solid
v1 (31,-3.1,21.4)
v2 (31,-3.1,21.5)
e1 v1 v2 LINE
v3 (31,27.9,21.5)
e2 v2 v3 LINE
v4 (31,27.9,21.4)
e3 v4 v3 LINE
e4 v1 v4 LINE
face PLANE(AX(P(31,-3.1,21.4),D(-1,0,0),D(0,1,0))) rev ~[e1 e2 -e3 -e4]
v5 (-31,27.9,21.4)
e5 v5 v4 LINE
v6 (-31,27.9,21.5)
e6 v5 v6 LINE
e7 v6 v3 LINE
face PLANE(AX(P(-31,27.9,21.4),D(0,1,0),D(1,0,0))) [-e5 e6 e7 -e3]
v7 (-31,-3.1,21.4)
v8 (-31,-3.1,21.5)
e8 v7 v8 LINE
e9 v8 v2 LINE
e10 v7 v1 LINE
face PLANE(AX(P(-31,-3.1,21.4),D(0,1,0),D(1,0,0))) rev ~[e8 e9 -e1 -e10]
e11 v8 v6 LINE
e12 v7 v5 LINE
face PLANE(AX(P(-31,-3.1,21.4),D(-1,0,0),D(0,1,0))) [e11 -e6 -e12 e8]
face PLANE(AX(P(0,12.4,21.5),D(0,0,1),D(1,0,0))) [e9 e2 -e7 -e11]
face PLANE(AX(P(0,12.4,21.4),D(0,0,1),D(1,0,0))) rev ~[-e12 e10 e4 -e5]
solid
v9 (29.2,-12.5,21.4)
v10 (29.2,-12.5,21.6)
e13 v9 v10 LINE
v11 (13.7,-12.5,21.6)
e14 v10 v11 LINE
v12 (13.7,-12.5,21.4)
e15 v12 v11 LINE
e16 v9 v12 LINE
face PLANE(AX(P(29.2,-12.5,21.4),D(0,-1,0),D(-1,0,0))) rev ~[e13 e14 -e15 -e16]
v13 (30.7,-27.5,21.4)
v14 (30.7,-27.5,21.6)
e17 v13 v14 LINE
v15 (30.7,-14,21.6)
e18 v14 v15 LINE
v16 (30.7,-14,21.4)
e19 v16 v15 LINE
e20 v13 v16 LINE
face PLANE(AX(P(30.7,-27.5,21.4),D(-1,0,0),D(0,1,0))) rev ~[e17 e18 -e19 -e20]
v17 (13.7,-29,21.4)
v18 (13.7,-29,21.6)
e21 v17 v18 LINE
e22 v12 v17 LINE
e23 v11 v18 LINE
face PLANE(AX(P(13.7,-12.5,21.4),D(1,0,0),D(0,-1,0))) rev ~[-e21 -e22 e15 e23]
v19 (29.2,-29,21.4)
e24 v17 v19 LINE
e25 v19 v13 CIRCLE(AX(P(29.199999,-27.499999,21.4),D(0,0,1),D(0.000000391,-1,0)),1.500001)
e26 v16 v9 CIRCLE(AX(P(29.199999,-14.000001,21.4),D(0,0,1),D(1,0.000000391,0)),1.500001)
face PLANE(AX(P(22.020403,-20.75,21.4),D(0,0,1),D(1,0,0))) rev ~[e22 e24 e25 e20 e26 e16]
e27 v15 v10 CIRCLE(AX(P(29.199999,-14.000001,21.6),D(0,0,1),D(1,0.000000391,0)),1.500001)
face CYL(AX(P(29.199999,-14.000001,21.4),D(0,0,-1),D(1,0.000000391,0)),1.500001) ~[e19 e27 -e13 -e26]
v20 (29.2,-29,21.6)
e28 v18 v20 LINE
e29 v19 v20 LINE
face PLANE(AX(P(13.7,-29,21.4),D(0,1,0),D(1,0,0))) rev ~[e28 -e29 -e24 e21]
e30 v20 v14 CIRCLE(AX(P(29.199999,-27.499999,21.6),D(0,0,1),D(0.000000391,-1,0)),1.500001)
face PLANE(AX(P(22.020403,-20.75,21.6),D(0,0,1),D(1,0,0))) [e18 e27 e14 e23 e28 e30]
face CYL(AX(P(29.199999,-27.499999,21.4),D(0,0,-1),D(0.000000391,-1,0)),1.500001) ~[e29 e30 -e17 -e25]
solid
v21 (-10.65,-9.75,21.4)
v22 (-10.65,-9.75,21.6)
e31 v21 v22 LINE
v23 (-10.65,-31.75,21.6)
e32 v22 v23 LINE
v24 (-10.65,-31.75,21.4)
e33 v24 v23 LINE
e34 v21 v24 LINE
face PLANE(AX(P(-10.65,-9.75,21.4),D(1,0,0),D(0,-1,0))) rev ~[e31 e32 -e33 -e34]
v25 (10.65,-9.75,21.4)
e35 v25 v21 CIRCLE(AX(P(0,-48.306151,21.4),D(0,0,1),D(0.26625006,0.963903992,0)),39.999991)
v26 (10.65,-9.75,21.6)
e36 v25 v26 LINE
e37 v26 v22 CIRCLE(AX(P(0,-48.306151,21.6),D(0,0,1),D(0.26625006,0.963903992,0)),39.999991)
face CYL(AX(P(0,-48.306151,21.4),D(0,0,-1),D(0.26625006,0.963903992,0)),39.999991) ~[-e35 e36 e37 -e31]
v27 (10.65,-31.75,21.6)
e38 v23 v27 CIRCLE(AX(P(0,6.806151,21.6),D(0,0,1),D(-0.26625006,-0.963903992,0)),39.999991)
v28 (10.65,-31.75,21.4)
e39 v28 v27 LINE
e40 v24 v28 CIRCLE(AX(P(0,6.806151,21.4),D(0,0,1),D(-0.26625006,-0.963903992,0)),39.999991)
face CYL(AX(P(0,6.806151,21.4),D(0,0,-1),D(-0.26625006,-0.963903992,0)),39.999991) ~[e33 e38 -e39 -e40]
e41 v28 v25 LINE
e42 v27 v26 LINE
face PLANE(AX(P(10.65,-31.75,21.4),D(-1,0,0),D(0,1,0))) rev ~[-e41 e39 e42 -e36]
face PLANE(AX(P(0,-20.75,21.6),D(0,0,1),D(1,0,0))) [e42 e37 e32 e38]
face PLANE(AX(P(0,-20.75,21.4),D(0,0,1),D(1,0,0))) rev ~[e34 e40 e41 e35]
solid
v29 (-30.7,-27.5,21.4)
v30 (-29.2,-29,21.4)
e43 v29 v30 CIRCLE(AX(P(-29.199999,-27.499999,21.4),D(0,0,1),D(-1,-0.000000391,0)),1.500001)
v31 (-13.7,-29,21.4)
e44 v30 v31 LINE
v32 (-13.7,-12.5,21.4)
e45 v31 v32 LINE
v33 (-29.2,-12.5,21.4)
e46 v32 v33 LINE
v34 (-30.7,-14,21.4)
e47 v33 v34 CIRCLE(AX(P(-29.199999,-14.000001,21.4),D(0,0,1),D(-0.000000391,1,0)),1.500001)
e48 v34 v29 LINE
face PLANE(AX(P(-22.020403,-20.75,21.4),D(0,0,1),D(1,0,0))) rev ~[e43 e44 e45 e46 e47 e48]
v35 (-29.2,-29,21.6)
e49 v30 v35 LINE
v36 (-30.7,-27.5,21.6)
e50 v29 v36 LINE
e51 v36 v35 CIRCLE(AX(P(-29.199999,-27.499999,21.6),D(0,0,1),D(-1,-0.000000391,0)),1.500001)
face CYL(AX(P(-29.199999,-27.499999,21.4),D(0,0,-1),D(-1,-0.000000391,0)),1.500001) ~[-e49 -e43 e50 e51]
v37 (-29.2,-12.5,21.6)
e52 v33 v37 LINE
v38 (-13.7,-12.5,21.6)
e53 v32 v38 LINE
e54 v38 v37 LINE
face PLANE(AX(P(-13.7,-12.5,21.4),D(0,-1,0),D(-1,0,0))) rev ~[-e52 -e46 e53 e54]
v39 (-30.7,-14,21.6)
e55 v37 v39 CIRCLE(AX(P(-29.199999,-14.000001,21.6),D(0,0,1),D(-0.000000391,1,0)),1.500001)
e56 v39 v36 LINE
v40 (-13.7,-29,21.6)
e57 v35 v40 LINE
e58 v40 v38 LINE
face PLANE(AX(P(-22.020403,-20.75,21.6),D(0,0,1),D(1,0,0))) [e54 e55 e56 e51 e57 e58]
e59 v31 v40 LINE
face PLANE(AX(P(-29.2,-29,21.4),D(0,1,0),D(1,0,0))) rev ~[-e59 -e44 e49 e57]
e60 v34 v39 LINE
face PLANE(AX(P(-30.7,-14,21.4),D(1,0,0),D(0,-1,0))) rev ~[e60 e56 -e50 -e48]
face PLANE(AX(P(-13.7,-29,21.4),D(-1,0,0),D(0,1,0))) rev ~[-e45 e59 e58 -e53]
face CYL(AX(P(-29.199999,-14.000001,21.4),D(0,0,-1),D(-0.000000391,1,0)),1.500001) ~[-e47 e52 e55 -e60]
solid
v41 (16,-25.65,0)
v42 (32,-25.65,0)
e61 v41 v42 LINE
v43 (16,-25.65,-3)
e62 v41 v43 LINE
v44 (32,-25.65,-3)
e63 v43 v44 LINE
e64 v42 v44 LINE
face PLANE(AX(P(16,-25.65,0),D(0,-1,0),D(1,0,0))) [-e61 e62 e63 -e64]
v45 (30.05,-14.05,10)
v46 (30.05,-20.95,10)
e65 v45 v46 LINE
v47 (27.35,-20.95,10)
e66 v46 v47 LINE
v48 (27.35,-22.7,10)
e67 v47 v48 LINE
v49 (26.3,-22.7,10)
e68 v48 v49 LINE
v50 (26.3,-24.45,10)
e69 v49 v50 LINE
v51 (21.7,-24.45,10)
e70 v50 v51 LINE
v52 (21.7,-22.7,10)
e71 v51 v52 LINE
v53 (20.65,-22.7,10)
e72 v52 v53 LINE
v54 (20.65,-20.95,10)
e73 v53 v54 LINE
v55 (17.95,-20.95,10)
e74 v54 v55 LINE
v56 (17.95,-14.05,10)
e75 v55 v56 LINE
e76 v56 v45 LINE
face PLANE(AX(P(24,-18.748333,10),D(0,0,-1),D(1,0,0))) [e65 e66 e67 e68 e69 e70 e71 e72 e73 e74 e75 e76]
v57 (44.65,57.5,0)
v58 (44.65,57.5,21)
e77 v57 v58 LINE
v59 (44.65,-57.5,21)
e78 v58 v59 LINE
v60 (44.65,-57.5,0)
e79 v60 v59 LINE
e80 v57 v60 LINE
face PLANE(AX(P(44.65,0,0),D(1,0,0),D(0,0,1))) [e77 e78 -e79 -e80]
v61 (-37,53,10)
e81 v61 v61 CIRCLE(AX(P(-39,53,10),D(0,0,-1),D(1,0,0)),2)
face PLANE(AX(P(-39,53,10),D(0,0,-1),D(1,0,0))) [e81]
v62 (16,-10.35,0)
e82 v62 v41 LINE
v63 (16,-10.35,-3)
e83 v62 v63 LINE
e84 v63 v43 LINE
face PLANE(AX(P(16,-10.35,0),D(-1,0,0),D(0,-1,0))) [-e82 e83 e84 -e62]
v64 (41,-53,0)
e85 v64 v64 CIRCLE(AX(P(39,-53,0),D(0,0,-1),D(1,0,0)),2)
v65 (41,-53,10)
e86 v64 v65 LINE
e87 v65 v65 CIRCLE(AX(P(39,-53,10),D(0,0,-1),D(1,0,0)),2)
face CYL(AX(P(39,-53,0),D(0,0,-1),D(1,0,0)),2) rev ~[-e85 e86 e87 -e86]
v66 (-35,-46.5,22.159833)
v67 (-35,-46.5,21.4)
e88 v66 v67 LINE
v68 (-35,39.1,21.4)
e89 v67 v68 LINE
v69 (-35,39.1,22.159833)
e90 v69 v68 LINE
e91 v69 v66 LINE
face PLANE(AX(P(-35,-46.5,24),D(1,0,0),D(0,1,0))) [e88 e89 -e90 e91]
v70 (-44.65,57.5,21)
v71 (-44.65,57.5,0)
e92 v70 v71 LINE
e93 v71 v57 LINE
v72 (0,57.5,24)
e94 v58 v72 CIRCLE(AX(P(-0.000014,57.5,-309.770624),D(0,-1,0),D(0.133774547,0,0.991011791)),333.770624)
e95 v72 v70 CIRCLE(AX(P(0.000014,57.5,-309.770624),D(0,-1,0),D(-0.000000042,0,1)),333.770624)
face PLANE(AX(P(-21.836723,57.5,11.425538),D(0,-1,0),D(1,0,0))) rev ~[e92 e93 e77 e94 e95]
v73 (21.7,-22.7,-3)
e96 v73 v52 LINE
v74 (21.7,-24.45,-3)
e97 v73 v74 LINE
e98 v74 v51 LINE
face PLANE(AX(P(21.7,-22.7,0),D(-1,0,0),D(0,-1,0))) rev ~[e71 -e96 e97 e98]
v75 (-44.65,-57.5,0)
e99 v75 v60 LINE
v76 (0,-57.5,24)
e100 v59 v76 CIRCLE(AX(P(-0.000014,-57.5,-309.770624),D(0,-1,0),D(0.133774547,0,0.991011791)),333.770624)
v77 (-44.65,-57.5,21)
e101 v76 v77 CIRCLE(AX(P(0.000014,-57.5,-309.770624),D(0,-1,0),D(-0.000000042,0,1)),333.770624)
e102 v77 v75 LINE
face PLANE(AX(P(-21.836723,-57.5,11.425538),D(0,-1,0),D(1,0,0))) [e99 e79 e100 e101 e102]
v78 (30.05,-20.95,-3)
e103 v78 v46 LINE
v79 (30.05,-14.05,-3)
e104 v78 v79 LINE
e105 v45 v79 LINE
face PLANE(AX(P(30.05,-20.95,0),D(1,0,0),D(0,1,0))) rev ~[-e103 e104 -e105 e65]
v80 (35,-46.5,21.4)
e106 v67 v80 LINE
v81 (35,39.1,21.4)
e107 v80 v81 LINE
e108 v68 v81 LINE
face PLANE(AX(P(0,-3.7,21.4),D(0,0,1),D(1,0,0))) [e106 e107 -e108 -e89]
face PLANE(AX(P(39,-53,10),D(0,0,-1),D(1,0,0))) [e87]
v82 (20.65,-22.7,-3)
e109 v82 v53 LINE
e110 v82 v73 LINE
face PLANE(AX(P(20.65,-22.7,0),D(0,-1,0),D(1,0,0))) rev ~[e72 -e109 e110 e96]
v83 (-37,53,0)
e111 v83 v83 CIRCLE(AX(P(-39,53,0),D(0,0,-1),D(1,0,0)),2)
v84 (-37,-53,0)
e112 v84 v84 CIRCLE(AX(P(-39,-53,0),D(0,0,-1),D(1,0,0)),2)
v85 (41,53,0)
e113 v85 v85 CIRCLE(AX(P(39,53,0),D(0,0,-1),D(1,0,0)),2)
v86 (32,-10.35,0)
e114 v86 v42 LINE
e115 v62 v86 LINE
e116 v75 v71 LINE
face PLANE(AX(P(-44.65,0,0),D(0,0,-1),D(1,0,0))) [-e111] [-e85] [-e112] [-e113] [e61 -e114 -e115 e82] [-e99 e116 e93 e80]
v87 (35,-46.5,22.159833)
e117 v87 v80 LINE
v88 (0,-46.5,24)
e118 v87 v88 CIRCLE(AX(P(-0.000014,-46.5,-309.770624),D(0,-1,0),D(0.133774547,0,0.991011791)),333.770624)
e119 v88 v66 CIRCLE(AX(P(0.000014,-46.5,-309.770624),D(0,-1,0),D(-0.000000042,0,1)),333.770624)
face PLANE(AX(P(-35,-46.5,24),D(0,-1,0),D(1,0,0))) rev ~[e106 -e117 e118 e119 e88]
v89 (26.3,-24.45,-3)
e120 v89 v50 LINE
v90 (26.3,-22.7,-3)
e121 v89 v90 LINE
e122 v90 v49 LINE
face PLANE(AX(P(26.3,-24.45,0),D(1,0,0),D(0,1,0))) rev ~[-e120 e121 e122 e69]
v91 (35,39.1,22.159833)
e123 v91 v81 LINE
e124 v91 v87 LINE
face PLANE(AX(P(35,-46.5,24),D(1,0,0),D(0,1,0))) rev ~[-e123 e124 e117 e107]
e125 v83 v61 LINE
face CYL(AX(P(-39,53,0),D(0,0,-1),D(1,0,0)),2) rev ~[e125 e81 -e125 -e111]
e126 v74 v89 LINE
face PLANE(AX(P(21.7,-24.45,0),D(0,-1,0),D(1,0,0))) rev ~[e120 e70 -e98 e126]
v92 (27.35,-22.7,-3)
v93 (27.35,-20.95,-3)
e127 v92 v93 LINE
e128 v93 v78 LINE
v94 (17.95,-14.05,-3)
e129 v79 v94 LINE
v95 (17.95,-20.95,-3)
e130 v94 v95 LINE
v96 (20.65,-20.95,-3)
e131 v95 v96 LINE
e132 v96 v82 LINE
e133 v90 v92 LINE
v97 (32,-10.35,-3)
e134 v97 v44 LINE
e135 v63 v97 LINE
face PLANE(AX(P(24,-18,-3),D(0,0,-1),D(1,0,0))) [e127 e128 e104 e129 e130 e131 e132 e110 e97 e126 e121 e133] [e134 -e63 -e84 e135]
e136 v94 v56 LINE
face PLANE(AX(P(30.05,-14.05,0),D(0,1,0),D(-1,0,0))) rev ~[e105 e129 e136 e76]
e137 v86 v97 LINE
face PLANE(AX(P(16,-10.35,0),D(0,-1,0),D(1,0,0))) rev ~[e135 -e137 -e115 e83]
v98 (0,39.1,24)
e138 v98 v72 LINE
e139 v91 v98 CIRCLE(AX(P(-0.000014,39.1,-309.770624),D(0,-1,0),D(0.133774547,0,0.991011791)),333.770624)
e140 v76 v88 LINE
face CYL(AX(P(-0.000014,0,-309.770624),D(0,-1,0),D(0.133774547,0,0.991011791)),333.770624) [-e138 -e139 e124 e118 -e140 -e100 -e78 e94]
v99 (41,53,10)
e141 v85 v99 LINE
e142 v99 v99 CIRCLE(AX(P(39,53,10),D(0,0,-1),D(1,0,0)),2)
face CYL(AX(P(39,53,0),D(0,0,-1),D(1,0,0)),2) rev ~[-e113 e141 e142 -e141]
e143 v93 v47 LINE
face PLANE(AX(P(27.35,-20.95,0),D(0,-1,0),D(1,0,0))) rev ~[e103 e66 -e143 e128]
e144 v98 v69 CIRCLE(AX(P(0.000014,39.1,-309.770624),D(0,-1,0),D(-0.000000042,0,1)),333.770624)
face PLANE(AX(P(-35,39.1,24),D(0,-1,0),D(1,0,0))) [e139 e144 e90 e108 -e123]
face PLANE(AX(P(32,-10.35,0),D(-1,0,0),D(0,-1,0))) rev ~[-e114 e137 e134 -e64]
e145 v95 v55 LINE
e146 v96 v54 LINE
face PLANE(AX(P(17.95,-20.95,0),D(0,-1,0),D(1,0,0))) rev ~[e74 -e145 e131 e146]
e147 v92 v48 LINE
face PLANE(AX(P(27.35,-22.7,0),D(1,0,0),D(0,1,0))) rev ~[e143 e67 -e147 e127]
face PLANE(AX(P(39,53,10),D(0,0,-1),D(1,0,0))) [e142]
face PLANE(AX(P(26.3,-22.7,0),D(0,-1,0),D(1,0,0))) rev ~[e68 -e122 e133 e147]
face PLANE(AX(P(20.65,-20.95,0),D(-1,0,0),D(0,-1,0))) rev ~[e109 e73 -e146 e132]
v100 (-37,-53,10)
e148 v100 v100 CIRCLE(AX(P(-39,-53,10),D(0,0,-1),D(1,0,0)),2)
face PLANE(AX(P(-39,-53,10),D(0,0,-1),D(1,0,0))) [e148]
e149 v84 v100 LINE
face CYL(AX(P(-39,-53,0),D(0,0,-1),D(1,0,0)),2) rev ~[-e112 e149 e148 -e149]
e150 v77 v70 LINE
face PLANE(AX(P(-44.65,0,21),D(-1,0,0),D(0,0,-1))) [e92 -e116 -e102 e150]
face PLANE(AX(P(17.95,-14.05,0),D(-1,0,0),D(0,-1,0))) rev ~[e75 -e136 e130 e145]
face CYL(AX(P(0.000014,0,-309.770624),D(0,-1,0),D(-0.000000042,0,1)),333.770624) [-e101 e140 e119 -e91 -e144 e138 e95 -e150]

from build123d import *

# Parameters (mm, degrees)
F1_DEPTH  = 57.5
F2_W      = 16
F2_H      = 15.3
F3_DEPTH  = 3
F2_R      = 2
F4_DEPTH  = 10
F6_W      = 70
F6_H      = 85.6
F7_DEPTH  = 2.6
F8_W      = 62
F8_H      = 31
F9_DEPTH  = 0.1
F10_DEPTH = 0.2


with BuildPart() as f1:
    # F0 (on Front) → F1 (new body, symmetric)
    with BuildSketch(Plane.XZ):
        with BuildLine():
            Line((-44.65, 0), (0, 0))
            Line((0, 0), (0, 24))
            ThreePointArc((0, 24), (-22.375335, 23.249155), (-44.65, 21))
            Line((-44.65, 21), (-44.65, 0))
        make_face()
        with BuildLine():
            Line((0, 24), (0, 0))
            Line((0, 0), (44.65, 0))
            Line((44.65, 0), (44.65, 21))
            ThreePointArc((44.65, 21), (22.375335, 23.249155), (0, 24))
        make_face()
    extrude(amount=F1_DEPTH, both=True)

    # F2 (on face) → F3 (join)
    with BuildSketch(Plane(origin=(0, 0, 0), x_dir=(1, 0, 0), z_dir=(0, 0, -1))):
        with Locations((24, 18)):
            Rectangle(F2_W, F2_H)
        Polygon((30.05, 14.05), (17.95, 14.05), (17.95, 20.95), (20.65, 20.95), (20.65, 22.7), (21.7, 22.7), (21.7, 24.45), (26.3, 24.45), (26.3, 22.7), (27.35, 22.7), (27.35, 20.95), (30.05, 20.95), align=None, mode=Mode.SUBTRACT)
    extrude(amount=F3_DEPTH)

    # F2 (on face) → F4 (cut)
    with BuildSketch(Plane(origin=(0, 0, 0), x_dir=(1, 0, 0), z_dir=(0, 0, -1))):
        Polygon((17.95, 20.95), (17.95, 14.05), (30.05, 14.05), (30.05, 20.95), (27.35, 20.95), (27.35, 22.7), (26.3, 22.7), (26.3, 24.45), (21.7, 24.45), (21.7, 22.7), (20.65, 22.7), (20.65, 20.95), align=None)
        with Locations((39, 53)):
            Circle(F2_R)
        with Locations((-39, 53)):
            Circle(F2_R)
        with Locations((-39, -53)):
            Circle(F2_R)
        with Locations((39, -53)):
            Circle(F2_R)
    extrude(amount=-F4_DEPTH, mode=Mode.SUBTRACT)

    # F6 (on offset) → F7 (cut)
    with BuildSketch(Plane.XY.offset(24)):
        with Locations((0, -3.7)):
            Rectangle(F6_W, F6_H)
    extrude(amount=-F7_DEPTH, mode=Mode.SUBTRACT)


with BuildPart() as f9:
    # F8 (on face) → F9 (new body)
    with BuildSketch(Plane.XY.offset(21.4)):
        with Locations((0, 12.4)):
            Rectangle(F8_W, F8_H)
    extrude(amount=F9_DEPTH)


with BuildPart() as f10:
    # F8 (on face) → F10 (new body)
    with BuildSketch(Plane.XY.offset(21.4)):
        with BuildLine():
            Line((-13.7, -12.5), (-29.2, -12.5))
            ThreePointArc((-29.2, -12.5), (-30.26066, -12.93934), (-30.7, -14))
            Line((-30.7, -14), (-30.7, -27.5))
            ThreePointArc((-30.7, -27.5), (-30.26066, -28.56066), (-29.2, -29))
            Line((-29.2, -29), (-13.7, -29))
            Line((-13.7, -29), (-13.7, -12.5))
        make_face()
        with BuildLine():
            ThreePointArc((29.2, -29), (30.26066, -28.56066), (30.7, -27.5))
            Line((30.7, -27.5), (30.7, -14))
            ThreePointArc((30.7, -14), (30.26066, -12.93934), (29.2, -12.5))
            Line((29.2, -12.5), (13.7, -12.5))
            Line((13.7, -12.5), (13.7, -29))
            Line((13.7, -29), (29.2, -29))
        make_face()
        with BuildLine():
            ThreePointArc((10.65, -9.75), (0, -8.30616), (-10.65, -9.75))
            Line((-10.65, -9.75), (-10.65, -31.75))
            ThreePointArc((-10.65, -31.75), (0, -33.19384), (10.65, -31.75))
            Line((10.65, -31.75), (10.65, -9.75))
        make_face()
    extrude(amount=F10_DEPTH)


solid = Compound([f1.part, f9.part, f10.part])
